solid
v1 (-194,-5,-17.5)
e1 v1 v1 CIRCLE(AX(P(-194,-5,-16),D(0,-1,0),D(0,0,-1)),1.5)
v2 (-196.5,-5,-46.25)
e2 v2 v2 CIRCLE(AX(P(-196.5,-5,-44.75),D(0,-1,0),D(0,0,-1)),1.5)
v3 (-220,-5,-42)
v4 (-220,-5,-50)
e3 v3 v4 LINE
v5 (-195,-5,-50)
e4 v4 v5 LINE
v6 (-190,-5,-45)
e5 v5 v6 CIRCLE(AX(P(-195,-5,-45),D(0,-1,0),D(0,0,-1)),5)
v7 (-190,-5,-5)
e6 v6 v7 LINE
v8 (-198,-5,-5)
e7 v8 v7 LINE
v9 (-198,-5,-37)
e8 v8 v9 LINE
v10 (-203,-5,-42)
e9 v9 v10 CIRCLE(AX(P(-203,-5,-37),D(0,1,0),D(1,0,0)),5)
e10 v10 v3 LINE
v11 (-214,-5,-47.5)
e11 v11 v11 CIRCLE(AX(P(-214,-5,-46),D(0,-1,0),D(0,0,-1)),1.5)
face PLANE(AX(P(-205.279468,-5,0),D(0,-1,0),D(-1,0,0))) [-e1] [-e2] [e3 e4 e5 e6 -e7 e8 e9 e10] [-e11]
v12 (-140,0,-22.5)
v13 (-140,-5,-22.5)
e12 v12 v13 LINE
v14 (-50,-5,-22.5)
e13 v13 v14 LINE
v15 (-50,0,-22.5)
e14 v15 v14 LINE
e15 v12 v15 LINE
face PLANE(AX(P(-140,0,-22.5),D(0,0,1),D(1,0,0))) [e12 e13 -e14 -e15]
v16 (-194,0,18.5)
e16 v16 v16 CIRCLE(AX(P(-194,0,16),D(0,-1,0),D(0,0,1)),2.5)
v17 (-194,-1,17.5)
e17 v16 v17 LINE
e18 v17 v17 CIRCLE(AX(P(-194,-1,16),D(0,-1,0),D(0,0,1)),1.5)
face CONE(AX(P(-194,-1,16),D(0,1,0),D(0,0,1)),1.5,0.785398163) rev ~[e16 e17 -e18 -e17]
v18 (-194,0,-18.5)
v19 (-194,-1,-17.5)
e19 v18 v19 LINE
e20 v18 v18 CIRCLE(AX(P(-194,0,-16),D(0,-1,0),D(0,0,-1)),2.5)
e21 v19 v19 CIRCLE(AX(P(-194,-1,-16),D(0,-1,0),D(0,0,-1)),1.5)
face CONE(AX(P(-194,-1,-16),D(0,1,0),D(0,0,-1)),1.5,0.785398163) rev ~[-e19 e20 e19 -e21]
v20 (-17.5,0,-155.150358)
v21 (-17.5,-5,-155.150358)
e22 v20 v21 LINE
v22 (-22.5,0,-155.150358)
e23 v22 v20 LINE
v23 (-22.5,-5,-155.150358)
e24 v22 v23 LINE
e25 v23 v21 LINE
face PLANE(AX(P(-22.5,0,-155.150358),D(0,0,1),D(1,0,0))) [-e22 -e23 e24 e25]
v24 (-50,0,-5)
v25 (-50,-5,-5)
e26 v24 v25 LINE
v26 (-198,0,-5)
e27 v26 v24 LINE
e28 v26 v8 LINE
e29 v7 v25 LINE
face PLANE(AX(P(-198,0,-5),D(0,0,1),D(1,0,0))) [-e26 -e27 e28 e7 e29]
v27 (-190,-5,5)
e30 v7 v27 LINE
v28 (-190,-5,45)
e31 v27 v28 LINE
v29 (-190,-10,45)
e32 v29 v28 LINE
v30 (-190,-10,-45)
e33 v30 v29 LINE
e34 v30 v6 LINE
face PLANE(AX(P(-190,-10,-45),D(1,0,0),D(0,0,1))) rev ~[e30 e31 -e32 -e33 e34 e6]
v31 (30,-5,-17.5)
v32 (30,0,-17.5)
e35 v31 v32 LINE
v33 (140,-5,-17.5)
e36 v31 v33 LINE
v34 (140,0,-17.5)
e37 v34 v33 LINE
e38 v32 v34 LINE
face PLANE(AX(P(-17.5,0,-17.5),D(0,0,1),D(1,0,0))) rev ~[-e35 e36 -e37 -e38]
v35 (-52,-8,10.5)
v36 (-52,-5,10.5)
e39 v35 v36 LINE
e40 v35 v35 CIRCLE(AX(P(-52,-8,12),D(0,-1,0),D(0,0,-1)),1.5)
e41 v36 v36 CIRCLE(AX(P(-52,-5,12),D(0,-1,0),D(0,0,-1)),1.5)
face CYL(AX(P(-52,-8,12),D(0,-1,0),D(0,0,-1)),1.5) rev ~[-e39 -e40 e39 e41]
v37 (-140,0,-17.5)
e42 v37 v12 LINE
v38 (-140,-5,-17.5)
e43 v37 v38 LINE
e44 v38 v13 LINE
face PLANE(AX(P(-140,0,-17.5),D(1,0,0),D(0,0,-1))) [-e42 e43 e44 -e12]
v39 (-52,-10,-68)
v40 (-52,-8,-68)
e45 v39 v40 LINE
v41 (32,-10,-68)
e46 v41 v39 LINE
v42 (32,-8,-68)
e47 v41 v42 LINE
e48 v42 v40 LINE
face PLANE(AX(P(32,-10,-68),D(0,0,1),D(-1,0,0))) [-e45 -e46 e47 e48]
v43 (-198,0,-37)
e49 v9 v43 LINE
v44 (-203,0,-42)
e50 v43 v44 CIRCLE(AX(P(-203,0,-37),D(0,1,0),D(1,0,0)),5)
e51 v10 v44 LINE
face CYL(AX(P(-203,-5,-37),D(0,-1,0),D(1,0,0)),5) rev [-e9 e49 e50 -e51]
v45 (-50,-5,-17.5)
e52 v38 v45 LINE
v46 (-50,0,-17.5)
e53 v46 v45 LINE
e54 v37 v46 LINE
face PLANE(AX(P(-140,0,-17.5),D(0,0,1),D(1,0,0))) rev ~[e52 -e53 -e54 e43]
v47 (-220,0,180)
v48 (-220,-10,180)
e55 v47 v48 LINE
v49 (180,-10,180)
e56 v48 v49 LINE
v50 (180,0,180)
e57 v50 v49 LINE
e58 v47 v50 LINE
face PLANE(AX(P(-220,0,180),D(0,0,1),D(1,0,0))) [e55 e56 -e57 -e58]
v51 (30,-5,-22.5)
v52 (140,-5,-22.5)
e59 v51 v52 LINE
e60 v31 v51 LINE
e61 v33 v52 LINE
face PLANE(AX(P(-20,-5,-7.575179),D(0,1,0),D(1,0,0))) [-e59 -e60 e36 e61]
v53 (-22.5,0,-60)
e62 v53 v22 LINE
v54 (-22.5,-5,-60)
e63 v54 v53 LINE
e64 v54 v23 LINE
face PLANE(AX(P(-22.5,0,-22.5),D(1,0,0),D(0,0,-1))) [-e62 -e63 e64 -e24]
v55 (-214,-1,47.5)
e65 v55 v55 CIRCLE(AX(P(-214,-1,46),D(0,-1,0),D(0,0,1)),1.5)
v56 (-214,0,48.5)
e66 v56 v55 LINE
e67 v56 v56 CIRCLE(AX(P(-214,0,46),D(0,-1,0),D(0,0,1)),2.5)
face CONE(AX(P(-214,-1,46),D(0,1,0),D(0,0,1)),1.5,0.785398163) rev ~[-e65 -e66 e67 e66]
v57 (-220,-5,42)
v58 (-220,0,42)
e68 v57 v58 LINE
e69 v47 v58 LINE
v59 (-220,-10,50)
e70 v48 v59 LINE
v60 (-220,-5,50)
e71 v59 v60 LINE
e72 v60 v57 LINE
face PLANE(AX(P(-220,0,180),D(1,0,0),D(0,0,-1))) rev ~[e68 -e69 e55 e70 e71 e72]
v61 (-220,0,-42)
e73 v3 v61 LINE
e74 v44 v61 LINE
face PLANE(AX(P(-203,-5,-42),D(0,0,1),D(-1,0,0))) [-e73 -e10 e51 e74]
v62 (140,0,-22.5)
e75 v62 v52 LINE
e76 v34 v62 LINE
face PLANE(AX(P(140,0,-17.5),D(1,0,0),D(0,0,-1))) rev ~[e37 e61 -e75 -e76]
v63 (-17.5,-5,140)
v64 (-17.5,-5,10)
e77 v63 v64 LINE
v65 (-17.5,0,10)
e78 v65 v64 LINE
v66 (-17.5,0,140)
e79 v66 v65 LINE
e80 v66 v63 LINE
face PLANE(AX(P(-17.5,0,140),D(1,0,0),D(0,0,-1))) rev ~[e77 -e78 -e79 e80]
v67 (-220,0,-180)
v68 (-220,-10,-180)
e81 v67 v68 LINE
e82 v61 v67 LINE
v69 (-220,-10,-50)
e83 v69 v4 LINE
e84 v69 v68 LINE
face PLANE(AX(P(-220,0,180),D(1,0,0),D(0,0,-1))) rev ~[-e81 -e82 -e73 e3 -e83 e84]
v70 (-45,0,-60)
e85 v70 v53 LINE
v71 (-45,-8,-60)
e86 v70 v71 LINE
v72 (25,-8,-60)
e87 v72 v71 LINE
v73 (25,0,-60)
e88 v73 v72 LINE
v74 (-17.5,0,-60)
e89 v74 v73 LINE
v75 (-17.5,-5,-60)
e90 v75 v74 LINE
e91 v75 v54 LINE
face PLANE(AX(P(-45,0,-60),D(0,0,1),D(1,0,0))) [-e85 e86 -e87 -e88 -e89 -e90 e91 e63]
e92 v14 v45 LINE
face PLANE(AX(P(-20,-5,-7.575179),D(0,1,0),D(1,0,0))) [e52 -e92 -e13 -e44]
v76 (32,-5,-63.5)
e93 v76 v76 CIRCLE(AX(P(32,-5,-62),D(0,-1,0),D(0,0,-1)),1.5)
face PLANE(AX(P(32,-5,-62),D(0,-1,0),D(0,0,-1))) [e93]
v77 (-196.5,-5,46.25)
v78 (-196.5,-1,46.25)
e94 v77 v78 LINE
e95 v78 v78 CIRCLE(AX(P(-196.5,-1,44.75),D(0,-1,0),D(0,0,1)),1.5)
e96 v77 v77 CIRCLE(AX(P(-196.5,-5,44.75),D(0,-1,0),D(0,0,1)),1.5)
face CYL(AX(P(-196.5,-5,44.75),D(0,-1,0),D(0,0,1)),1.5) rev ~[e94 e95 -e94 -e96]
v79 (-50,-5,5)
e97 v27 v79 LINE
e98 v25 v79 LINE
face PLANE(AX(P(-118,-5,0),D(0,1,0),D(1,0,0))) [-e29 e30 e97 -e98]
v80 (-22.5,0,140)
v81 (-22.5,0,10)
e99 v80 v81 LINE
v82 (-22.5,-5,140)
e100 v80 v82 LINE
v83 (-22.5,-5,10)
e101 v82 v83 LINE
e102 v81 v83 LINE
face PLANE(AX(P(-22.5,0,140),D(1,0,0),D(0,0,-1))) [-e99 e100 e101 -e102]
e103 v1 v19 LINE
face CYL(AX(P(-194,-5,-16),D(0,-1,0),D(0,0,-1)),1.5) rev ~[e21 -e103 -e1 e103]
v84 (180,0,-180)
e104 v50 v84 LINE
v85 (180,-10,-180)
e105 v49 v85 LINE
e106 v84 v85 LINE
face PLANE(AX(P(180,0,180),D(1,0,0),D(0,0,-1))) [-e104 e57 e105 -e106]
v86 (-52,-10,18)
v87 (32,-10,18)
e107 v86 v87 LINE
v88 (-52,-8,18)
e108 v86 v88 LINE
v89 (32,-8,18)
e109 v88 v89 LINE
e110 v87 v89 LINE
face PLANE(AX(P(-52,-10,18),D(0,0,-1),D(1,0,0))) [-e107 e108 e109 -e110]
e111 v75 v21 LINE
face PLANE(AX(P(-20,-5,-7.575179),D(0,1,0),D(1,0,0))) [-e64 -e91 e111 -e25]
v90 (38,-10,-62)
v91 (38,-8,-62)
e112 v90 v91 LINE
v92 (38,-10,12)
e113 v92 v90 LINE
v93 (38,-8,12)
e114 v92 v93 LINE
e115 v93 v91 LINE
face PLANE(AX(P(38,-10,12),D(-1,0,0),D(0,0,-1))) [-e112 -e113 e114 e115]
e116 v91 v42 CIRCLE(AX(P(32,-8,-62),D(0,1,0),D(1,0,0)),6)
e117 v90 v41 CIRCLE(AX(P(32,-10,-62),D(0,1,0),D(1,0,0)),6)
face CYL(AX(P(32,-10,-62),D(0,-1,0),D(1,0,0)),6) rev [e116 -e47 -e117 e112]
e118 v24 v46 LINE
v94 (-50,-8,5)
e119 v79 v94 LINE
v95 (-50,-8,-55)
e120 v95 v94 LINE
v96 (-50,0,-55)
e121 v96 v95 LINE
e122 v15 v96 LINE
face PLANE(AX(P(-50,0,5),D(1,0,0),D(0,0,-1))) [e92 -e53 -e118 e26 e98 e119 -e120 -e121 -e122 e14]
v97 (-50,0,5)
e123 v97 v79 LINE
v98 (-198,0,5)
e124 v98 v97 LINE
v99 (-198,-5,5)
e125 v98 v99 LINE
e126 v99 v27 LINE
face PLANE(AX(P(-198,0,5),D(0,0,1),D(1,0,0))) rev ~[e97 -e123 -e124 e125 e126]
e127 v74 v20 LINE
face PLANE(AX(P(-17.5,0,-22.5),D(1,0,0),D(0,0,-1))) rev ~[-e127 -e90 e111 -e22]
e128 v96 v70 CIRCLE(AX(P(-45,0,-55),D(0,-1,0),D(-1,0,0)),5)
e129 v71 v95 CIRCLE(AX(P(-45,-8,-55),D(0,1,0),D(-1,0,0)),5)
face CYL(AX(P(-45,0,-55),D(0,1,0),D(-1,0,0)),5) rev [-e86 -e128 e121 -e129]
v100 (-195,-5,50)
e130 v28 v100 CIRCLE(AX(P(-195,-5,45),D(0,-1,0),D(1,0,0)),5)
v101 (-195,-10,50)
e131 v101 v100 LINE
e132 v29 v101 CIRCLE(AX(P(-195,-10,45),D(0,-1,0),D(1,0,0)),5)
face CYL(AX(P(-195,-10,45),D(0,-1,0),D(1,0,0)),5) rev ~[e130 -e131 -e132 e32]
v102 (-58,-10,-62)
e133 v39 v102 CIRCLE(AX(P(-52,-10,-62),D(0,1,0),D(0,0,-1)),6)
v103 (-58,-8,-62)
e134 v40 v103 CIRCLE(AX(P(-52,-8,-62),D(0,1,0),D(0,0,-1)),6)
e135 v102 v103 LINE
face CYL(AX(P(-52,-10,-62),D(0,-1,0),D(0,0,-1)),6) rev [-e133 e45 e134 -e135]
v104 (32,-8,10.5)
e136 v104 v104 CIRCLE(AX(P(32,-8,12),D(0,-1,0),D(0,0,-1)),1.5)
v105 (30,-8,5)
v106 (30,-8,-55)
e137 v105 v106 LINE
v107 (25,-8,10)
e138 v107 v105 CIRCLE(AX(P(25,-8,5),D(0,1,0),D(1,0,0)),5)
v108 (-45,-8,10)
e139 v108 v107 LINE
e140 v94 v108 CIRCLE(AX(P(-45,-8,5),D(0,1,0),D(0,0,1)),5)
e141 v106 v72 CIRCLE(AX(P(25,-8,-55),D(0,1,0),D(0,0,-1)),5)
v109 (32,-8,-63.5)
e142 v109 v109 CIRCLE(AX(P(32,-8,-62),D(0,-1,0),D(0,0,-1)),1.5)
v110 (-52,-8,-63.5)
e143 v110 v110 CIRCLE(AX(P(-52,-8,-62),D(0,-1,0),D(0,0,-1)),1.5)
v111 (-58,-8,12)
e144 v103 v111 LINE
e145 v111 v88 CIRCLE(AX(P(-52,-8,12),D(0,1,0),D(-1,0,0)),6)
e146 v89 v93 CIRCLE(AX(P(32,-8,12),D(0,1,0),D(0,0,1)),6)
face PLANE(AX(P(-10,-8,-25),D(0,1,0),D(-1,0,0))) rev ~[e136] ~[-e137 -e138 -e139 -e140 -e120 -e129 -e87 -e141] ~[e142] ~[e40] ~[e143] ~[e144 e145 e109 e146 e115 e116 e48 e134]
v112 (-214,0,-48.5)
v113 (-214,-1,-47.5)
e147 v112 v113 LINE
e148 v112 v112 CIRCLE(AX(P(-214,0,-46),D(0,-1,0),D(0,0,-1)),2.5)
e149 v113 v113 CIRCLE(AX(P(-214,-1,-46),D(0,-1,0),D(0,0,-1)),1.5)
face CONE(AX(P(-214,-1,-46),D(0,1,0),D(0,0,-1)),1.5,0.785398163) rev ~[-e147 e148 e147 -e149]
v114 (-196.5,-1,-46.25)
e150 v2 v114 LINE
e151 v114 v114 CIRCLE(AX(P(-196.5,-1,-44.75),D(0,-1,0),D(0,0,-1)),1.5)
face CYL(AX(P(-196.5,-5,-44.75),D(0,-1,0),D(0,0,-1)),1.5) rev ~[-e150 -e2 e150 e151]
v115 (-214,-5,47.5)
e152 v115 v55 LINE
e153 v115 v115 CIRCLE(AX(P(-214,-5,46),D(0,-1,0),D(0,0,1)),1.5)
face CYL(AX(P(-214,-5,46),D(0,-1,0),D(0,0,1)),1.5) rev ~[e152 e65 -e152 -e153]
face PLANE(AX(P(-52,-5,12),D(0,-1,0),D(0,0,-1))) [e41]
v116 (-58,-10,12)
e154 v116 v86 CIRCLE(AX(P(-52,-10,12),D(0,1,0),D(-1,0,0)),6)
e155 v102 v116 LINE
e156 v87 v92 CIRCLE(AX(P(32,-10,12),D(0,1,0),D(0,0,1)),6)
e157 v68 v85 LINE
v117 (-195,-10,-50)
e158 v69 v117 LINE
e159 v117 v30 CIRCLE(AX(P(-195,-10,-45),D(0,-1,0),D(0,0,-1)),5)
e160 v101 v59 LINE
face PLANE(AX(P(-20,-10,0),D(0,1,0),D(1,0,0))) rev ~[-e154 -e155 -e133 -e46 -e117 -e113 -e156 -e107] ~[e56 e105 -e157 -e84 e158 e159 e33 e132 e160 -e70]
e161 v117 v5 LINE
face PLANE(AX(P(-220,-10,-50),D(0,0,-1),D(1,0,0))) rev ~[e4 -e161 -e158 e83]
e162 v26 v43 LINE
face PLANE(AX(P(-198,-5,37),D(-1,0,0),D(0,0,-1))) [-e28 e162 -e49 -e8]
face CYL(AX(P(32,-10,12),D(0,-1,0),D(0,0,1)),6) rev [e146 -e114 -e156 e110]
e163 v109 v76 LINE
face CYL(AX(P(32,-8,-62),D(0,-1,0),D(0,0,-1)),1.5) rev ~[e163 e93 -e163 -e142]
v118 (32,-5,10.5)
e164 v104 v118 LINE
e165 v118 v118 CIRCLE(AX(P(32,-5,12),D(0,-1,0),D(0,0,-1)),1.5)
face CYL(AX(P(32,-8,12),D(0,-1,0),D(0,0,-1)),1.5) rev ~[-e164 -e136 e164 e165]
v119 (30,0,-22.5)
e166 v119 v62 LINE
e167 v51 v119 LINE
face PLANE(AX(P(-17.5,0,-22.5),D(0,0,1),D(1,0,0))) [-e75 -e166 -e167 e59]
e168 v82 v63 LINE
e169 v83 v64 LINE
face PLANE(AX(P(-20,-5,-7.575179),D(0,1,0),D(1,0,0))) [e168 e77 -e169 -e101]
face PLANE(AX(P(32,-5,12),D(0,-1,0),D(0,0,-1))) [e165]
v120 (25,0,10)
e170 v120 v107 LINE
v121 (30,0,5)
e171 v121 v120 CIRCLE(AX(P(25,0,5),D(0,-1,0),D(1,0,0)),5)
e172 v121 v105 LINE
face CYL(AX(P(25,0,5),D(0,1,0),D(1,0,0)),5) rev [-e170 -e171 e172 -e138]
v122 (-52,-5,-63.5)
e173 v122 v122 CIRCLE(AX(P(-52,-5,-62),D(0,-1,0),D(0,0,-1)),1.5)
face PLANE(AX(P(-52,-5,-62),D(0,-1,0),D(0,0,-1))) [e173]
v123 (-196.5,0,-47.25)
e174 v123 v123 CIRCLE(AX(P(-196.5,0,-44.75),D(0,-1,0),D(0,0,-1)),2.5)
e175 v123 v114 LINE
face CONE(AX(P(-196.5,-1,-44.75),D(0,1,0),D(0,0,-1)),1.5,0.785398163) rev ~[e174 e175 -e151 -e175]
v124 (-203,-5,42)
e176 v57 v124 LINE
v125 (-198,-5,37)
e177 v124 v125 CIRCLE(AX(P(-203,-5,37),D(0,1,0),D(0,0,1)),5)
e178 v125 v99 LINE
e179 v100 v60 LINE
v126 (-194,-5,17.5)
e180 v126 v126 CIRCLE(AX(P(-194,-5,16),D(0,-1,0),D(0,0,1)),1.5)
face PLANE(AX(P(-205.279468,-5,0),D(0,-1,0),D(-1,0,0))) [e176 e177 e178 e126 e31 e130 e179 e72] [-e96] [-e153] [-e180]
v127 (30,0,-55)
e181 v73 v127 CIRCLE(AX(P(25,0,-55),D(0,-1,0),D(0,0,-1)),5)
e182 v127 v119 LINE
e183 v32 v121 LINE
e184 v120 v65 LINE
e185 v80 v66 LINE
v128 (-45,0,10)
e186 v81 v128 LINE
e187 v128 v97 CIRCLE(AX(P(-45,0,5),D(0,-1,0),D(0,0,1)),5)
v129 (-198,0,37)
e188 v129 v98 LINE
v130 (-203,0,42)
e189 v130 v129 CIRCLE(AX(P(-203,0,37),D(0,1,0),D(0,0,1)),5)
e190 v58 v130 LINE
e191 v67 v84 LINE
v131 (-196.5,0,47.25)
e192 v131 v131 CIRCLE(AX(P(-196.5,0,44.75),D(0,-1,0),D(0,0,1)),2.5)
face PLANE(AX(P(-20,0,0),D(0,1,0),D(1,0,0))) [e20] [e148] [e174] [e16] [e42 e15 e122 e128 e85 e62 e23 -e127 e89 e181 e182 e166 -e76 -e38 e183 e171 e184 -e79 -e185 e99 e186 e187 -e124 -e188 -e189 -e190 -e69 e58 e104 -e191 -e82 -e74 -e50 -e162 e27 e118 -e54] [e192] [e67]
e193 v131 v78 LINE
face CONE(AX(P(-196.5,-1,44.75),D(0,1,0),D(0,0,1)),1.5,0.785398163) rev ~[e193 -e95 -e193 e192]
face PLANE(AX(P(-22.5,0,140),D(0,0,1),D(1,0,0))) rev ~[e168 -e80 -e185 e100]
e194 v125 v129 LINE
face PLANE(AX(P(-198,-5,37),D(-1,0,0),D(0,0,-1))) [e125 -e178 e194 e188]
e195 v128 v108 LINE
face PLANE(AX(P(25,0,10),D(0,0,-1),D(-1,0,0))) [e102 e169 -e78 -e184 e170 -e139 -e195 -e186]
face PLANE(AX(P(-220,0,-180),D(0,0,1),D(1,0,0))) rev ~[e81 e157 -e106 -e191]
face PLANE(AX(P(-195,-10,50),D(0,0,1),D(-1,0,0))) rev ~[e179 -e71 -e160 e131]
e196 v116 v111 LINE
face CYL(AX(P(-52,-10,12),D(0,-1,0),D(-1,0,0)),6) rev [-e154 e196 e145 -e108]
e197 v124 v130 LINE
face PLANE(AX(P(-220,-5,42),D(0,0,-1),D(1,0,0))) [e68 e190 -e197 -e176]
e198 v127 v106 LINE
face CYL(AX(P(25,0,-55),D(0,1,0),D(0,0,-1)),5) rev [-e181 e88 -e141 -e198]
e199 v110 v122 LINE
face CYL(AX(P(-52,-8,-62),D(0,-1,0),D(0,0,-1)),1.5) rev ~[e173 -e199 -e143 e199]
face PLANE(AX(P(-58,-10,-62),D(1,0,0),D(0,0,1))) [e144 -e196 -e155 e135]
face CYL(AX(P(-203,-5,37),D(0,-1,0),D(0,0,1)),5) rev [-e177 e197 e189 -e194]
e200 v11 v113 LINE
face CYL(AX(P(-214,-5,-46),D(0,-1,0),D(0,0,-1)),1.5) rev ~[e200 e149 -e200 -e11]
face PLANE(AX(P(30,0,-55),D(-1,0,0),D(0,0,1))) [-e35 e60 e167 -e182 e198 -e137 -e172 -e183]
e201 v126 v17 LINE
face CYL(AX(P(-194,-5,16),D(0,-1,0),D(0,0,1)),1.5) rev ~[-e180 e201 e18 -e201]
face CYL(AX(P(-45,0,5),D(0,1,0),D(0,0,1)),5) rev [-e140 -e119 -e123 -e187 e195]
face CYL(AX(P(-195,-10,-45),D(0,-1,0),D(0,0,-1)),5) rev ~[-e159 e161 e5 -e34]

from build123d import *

# Parameters (mm, degrees)
SKETCH1_W           = 400
SKETCH1_H           = 360
BOSS_EXTRUDE1_DEPTH = 10
CUT_EXTRUDE1_DEPTH  = 285.429253067
CUT_EXTRUDE2_DEPTH  = 2
SKETCH5_R           = 1.5
CUT_EXTRUDE3_DEPTH  = 3
CUT_EXTRUDE6_DEPTH  = 5
CUT_EXTRUDE7_DEPTH  = 5
SKETCH11_R          = 1.5
CUT_EXTRUDE8_DEPTH  = 285.297379517
SKETCH14_W          = 160
SKETCH14_H          = 10
CUT_EXTRUDE9_DEPTH  = 5
SKETCH15_W          = 5
SKETCH15_H          = 295.150358454
SKETCH15_W_2        = 280
SKETCH15_H_2        = 5
CUT_EXTRUDE10_DEPTH = 5
CHAMFER2_SIZE       = 1


with BuildPart() as part:
    # Sketch1 → Boss-Extrude1 (new body)
    with BuildSketch(Plane(origin=(0, 0, 0), x_dir=(1, 0, 0), z_dir=(0, 1, 0))):
        with Locations((-20, 0)):
            Rectangle(SKETCH1_W, SKETCH1_H)
    extrude(amount=-BOSS_EXTRUDE1_DEPTH)

    # Sketch3 → Cut-Extrude1 (cut, through all)
    with BuildSketch(Plane(origin=(0, 0, 0), x_dir=(1, 0, 0), z_dir=(0, 1, 0))):
        with BuildLine():
            Line((-45, 60), (25, 60))
            ThreePointArc((25, 60), (28.535533906, 58.535533906), (30, 55))
            Line((30, 55), (30, -5))
            ThreePointArc((30, -5), (28.535533906, -8.535533906), (25, -10))
            Line((25, -10), (-45, -10))
            ThreePointArc((-45, -10), (-48.535533906, -8.535533906), (-50, -5))
            Line((-50, -5), (-50, 55))
            ThreePointArc((-50, 55), (-48.535533906, 58.535533906), (-45, 60))
        make_face()
    extrude(amount=-CUT_EXTRUDE1_DEPTH, mode=Mode.SUBTRACT)

    # Sketch4 → Cut-Extrude2 (cut)
    with BuildSketch(Plane.XZ.offset(10)):
        with BuildLine():
            Line((-52, 18), (32, 18))
            ThreePointArc((32, 18), (36.242640687, 16.242640687), (38, 12))
            Line((38, 12), (38, -62))
            ThreePointArc((38, -62), (36.242640687, -66.242640687), (32, -68))
            Line((32, -68), (-52, -68))
            ThreePointArc((-52, -68), (-56.242640687, -66.242640687), (-58, -62))
            Line((-58, -62), (-58, 12))
            ThreePointArc((-58, 12), (-56.242640687, 16.242640687), (-52, 18))
        make_face()
    extrude(amount=-CUT_EXTRUDE2_DEPTH, mode=Mode.SUBTRACT)

    # Sketch5 → Cut-Extrude3 (cut)
    with BuildSketch(Plane.XZ.offset(8)):
        with Locations(Location((32, 12, 0), (0, 0, 270))):
            Circle(SKETCH5_R)
        with Locations(Location((-52, 12, 0), (0, 0, 270))):
            Circle(SKETCH5_R)
        with Locations(Location((32, -62, 0), (0, 0, 270))):
            Circle(SKETCH5_R)
        with Locations(Location((-52, -62, 0), (0, 0, 270))):
            Circle(SKETCH5_R)
    extrude(amount=-CUT_EXTRUDE3_DEPTH, mode=Mode.SUBTRACT)

    # Sketch9 → Cut-Extrude6 (cut)
    with BuildSketch(Plane(origin=(0, -10, 0), x_dir=(1, 0, 0), z_dir=(0, 1, 0))):
        with BuildLine():
            Line((-220, 50), (-195, 50))
            ThreePointArc((-195, 50), (-191.464466094, 48.535533906), (-190, 45))
            Line((-190, 45), (-190, -45))
            ThreePointArc((-190, -45), (-191.464466094, -48.535533906), (-195, -50))
            Line((-195, -50), (-220, -50))
            Line((-220, -50), (-220, 50))
        make_face()
    extrude(amount=CUT_EXTRUDE6_DEPTH, mode=Mode.SUBTRACT)

    # Sketch10 → Cut-Extrude7 (cut)
    with BuildSketch(Plane(origin=(0, -5, 0), x_dir=(-1, 0, 0), z_dir=(0, -1, 0))):
        with BuildLine():
            Line((220, 42), (220, -42))
            Line((220, -42), (203, -42))
            ThreePointArc((203, -42), (199.464466094, -40.535533906), (198, -37))
            Line((198, -37), (198, 37))
            ThreePointArc((198, 37), (199.464466094, 40.535533906), (203, 42))
            Line((203, 42), (220, 42))
        make_face()
    extrude(amount=-CUT_EXTRUDE7_DEPTH, mode=Mode.SUBTRACT)

    # Sketch11 → Cut-Extrude8 (cut, through all)
    with BuildSketch(Plane(origin=(0, -5, 0), x_dir=(-1, 0, 0), z_dir=(0, -1, 0))):
        with Locations(Location((214, 46, 0), (0, 0, 90))):
            Circle(SKETCH11_R)
        with Locations(Location((194, 16, 0), (0, 0, 90))):
            Circle(SKETCH11_R)
        with Locations(Location((196.5, 44.75, 0), (0, 0, 90))):
            Circle(SKETCH11_R)
        with Locations(Location((196.5, -44.75, 0), (0, 0, 270))):
            Circle(SKETCH11_R)
        with Locations(Location((194, -16, 0), (0, 0, 270))):
            Circle(SKETCH11_R)
        with Locations(Location((214, -46, 0), (0, 0, 270))):
            Circle(SKETCH11_R)
    extrude(amount=-CUT_EXTRUDE8_DEPTH, mode=Mode.SUBTRACT)

    # Sketch14 → Cut-Extrude9 (cut)
    with BuildSketch(Plane(origin=(0, 0, 0), x_dir=(1, 0, 0), z_dir=(0, 1, 0))):
        with Locations((-118, 0)):
            Rectangle(SKETCH14_W, SKETCH14_H)
    extrude(amount=-CUT_EXTRUDE9_DEPTH, mode=Mode.SUBTRACT)

    # Sketch15 → Cut-Extrude10 (cut)
    with BuildSketch(Plane(origin=(0, 0, 0), x_dir=(1, 0, 0), z_dir=(0, 1, 0))):
        with Locations((-20, 7.575179227)):
            Rectangle(SKETCH15_W, SKETCH15_H)
        with Locations((0, 20)):
            Rectangle(SKETCH15_W_2, SKETCH15_H_2)
    extrude(amount=-CUT_EXTRUDE10_DEPTH, mode=Mode.SUBTRACT)

    # Chamfer2
    chamfer2_edges = [part.edges().sort_by_distance(p)[0] for p in [
        (-214, 0, 44.5),
        (-194, 0, 14.5),
        (-196.5, 0, 43.25),
        (-196.5, 0, -43.25),
        (-194, 0, -14.5),
        (-214, 0, -44.5),
    ]]
    chamfer(chamfer2_edges, length=CHAMFER2_SIZE)


solid = part.part
